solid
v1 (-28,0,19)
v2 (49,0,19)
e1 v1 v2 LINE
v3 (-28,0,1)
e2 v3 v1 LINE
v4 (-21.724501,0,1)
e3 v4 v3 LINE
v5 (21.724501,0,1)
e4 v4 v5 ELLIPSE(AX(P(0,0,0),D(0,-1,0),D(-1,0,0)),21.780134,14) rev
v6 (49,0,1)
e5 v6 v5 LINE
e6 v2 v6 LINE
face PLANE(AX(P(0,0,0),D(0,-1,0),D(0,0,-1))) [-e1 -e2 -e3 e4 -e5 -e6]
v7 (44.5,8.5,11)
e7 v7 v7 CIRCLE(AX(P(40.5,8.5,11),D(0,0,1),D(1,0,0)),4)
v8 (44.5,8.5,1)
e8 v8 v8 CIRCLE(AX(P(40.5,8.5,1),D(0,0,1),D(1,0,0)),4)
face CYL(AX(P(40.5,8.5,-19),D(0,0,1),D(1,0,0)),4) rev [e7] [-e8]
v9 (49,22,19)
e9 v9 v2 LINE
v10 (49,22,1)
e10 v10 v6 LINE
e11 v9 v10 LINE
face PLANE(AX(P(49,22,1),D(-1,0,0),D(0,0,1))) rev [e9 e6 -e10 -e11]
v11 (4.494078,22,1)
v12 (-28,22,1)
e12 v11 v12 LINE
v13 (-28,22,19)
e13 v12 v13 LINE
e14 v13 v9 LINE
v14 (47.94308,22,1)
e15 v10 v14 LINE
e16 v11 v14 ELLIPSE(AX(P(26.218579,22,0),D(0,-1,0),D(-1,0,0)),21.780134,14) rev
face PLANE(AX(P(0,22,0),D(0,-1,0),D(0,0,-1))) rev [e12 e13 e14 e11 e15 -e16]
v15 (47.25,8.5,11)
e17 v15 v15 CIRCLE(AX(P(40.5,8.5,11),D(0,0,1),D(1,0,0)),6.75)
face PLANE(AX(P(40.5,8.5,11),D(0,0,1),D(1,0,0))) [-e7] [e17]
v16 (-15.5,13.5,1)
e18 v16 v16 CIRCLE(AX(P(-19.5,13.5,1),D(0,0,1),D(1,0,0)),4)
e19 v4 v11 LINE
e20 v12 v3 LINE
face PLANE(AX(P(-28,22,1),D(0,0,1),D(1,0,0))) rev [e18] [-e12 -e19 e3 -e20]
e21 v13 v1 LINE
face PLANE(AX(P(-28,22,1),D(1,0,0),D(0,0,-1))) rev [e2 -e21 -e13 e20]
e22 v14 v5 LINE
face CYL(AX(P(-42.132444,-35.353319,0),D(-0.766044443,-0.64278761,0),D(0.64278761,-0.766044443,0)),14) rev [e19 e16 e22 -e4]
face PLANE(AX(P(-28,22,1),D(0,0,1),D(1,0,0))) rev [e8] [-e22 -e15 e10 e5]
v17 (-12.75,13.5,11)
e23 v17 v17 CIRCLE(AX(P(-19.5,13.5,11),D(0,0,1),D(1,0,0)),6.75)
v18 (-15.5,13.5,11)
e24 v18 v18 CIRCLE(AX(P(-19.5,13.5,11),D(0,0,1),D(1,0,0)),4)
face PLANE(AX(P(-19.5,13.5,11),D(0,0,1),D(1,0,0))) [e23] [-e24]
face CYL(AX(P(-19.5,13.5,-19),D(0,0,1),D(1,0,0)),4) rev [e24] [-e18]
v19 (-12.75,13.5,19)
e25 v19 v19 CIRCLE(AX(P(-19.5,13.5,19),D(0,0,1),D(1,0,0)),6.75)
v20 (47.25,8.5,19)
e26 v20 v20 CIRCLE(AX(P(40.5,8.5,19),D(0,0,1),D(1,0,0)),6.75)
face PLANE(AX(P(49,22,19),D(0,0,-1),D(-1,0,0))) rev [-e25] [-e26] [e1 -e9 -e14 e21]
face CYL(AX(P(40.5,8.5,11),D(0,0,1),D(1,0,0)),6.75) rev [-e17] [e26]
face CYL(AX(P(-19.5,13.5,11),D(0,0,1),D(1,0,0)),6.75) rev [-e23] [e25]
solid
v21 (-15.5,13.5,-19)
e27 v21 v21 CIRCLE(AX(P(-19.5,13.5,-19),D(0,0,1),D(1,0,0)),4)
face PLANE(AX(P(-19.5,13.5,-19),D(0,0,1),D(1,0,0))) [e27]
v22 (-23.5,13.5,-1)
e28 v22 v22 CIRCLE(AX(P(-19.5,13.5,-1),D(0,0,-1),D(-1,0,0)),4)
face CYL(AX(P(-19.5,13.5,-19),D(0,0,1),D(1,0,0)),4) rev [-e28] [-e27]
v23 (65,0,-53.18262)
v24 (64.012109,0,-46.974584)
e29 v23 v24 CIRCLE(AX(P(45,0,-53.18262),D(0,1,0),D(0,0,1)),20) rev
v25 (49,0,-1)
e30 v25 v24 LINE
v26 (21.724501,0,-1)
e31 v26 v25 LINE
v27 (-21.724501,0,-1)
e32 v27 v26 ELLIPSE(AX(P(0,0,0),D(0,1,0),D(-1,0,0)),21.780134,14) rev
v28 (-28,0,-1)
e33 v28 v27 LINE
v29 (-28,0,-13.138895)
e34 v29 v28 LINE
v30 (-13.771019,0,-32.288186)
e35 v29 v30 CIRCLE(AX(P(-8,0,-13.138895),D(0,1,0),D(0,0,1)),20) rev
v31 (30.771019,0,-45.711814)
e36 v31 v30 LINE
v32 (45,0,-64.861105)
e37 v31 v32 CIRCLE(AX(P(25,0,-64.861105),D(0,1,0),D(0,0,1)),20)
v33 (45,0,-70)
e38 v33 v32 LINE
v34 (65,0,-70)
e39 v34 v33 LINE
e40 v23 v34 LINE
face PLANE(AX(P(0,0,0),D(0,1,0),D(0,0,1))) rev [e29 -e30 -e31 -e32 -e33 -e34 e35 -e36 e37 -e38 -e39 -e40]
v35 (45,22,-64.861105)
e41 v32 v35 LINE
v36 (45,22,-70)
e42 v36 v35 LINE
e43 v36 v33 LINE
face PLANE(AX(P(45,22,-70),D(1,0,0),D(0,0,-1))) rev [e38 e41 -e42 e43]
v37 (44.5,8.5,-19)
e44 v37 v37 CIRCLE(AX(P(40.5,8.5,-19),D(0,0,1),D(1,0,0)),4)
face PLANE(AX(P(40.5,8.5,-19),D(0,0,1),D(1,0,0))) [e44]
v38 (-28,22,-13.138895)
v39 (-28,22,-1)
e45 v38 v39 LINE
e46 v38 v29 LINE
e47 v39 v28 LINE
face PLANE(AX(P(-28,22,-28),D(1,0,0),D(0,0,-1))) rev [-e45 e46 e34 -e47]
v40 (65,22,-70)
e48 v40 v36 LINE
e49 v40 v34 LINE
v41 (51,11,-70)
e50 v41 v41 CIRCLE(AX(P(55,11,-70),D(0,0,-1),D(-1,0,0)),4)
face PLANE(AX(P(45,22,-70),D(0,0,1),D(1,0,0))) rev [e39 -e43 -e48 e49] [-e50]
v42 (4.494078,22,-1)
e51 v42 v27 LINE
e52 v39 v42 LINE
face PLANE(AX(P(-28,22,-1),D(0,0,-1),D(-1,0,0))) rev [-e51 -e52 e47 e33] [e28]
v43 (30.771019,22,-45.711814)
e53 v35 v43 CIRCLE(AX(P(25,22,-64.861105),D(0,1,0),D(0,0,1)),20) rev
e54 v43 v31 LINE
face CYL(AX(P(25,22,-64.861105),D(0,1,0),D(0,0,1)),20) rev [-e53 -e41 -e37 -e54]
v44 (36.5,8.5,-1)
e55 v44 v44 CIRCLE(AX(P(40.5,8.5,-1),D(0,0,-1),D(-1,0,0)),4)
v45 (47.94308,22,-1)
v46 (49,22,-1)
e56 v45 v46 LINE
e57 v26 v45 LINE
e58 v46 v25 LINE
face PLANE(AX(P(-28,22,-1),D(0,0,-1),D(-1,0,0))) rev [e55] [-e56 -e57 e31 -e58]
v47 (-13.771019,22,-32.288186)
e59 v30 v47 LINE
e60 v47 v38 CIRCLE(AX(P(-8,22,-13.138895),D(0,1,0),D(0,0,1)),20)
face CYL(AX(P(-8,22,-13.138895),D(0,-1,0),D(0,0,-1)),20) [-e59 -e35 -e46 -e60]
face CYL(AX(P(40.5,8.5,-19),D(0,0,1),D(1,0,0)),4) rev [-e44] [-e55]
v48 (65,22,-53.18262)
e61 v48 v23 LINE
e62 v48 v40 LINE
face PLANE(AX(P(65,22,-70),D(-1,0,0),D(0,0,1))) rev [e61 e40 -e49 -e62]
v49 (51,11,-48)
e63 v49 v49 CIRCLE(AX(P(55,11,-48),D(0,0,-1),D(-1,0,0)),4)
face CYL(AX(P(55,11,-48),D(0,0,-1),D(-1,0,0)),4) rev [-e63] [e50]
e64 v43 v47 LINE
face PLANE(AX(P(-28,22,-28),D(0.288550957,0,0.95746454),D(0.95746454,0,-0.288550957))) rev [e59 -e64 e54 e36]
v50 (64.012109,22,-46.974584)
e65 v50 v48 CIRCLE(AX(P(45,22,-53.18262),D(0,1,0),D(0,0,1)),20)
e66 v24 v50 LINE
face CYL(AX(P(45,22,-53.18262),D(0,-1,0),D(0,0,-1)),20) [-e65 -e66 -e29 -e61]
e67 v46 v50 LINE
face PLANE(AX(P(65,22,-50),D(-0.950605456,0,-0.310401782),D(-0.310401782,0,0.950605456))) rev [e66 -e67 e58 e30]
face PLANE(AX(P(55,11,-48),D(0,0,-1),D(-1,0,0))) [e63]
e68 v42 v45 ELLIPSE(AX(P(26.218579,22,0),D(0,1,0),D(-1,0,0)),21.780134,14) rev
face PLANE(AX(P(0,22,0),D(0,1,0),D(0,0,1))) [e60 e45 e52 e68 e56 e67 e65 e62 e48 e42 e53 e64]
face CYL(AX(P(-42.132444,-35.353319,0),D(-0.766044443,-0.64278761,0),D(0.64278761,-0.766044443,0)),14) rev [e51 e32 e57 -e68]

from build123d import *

# Parameters (mm, degrees)
BOSS_EXTRU_1_DEPTH      = 22
ESQUISSE1_W             = 77
ESQUISSE1_H             = 18
BOSS_EXTRU_1_2_DEPTH    = 22
ESQUISSE4_R             = 4
ENL_V_MAT_EXTRU_1_DEPTH = 22
CONG_1_R                = 20
CONG_2_R                = 20
ESQUISSE8_R             = 6.75
ENL_V_MAT_EXTRU_2_DEPTH = 8
ESQUISSE9_R             = 4
ENL_V_MAT_EXTRU_3_DEPTH = 30
CONG_3_R                = 20


with BuildPart() as part:
    # Esquisse1 → Boss.-Extru.1 (new body)
    with BuildSketch(Plane(origin=(0, 0, 0), x_dir=(1, 0, 0), z_dir=(0, 1, 0))):
        Polygon((-28, 1), (49, 1), (65, 50), (65, 70), (45, 70), (45, 50), (-28, 28), align=None)
    extrude(amount=BOSS_EXTRU_1_DEPTH)


with BuildPart() as body_2:
    # Esquisse1 → Boss.-Extru.1 2 (new body)
    with BuildSketch(Plane(origin=(0, 0, 0), x_dir=(1, 0, 0), z_dir=(0, 1, 0))):
        with Locations((10.5, -10)):
            Rectangle(ESQUISSE1_W, ESQUISSE1_H)
    extrude(amount=BOSS_EXTRU_1_2_DEPTH)


with BuildPart() as enl_vement_de_mati_re_r_volution1_tool:
    # Esquisse3 → Enlèvement de matière-Révolution1 (revolve)
    with BuildSketch(Plane.XY):
        Polygon((-42.132444372, -35.353318533), (42.132444372, 35.353318533), (33.133417836, 46.077940736), (-51.131470907, -24.628696329), align=None)
    revolve(axis=Axis((-42.132444372, -35.353318533, 0), (0.766044443, 0.64278761, 0)))


with BuildPart() as part_1:
    add(part.part)

    # Enlèvement de matière-Révolution1: cut by enl_vement_de_mati_re_r_volution1_tool
    add(enl_vement_de_mati_re_r_volution1_tool.part, mode=Mode.SUBTRACT)

    # Esquisse4 → Enlèv. mat.-Extru.1 (cut)
    with BuildSketch(Plane(origin=(0, 0, -70), x_dir=(-1, 0, 0), z_dir=(0, 0, -1))):
        with Locations((-55, 11)):
            Circle(ESQUISSE4_R)
    extrude(amount=-ENL_V_MAT_EXTRU_1_DEPTH, mode=Mode.SUBTRACT)

    # Congé1
    cong_1_edges = [part_1.edges().sort_by_distance(p)[0] for p in [
        (45, 11, -50),
    ]]
    fillet(cong_1_edges, radius=CONG_1_R)

    # Congé2
    cong_2_edges = [part_1.edges().sort_by_distance(p)[0] for p in [
        (65, 11, -50),
    ]]
    fillet(cong_2_edges, radius=CONG_2_R)


with BuildPart() as body_2_1:
    add(body_2.part)

    # Enlèvement de matière-Révolution1: cut by enl_vement_de_mati_re_r_volution1_tool
    add(enl_vement_de_mati_re_r_volution1_tool.part, mode=Mode.SUBTRACT)

    # Esquisse8 → Enlèv. mat.-Extru.2 (cut)
    with BuildSketch(Plane.XY.offset(19)):
        with Locations((40.5, 8.5)):
            Circle(ESQUISSE8_R)
        with Locations((-19.5, 13.5)):
            Circle(ESQUISSE8_R)
    extrude(amount=-ENL_V_MAT_EXTRU_2_DEPTH, mode=Mode.SUBTRACT)


with BuildPart() as enl_v_mat_extru_3_tool:
    # Esquisse9 → Enlèv. mat.-Extru.3 (new body)
    with BuildSketch(Plane.XY.offset(11)):
        with Locations((-19.5, 13.5)):
            Circle(ESQUISSE9_R)
        with Locations((40.5, 8.5)):
            Circle(ESQUISSE9_R)
    extrude(amount=-ENL_V_MAT_EXTRU_3_DEPTH)


with BuildPart() as part_2:
    add(part_1.part)

    # Enlèv. mat.-Extru.3: cut by enl_v_mat_extru_3_tool
    add(enl_v_mat_extru_3_tool.part, mode=Mode.SUBTRACT)

    # Congé3
    cong_3_edges = [part_2.edges().sort_by_distance(p)[0] for p in [
        (-28, 11, -28),
    ]]
    fillet(cong_3_edges, radius=CONG_3_R)


with BuildPart() as body_2_2:
    add(body_2_1.part)

    # Enlèv. mat.-Extru.3: cut by enl_v_mat_extru_3_tool
    add(enl_v_mat_extru_3_tool.part, mode=Mode.SUBTRACT)


solid = Compound([part_2.part, body_2_2.part])
